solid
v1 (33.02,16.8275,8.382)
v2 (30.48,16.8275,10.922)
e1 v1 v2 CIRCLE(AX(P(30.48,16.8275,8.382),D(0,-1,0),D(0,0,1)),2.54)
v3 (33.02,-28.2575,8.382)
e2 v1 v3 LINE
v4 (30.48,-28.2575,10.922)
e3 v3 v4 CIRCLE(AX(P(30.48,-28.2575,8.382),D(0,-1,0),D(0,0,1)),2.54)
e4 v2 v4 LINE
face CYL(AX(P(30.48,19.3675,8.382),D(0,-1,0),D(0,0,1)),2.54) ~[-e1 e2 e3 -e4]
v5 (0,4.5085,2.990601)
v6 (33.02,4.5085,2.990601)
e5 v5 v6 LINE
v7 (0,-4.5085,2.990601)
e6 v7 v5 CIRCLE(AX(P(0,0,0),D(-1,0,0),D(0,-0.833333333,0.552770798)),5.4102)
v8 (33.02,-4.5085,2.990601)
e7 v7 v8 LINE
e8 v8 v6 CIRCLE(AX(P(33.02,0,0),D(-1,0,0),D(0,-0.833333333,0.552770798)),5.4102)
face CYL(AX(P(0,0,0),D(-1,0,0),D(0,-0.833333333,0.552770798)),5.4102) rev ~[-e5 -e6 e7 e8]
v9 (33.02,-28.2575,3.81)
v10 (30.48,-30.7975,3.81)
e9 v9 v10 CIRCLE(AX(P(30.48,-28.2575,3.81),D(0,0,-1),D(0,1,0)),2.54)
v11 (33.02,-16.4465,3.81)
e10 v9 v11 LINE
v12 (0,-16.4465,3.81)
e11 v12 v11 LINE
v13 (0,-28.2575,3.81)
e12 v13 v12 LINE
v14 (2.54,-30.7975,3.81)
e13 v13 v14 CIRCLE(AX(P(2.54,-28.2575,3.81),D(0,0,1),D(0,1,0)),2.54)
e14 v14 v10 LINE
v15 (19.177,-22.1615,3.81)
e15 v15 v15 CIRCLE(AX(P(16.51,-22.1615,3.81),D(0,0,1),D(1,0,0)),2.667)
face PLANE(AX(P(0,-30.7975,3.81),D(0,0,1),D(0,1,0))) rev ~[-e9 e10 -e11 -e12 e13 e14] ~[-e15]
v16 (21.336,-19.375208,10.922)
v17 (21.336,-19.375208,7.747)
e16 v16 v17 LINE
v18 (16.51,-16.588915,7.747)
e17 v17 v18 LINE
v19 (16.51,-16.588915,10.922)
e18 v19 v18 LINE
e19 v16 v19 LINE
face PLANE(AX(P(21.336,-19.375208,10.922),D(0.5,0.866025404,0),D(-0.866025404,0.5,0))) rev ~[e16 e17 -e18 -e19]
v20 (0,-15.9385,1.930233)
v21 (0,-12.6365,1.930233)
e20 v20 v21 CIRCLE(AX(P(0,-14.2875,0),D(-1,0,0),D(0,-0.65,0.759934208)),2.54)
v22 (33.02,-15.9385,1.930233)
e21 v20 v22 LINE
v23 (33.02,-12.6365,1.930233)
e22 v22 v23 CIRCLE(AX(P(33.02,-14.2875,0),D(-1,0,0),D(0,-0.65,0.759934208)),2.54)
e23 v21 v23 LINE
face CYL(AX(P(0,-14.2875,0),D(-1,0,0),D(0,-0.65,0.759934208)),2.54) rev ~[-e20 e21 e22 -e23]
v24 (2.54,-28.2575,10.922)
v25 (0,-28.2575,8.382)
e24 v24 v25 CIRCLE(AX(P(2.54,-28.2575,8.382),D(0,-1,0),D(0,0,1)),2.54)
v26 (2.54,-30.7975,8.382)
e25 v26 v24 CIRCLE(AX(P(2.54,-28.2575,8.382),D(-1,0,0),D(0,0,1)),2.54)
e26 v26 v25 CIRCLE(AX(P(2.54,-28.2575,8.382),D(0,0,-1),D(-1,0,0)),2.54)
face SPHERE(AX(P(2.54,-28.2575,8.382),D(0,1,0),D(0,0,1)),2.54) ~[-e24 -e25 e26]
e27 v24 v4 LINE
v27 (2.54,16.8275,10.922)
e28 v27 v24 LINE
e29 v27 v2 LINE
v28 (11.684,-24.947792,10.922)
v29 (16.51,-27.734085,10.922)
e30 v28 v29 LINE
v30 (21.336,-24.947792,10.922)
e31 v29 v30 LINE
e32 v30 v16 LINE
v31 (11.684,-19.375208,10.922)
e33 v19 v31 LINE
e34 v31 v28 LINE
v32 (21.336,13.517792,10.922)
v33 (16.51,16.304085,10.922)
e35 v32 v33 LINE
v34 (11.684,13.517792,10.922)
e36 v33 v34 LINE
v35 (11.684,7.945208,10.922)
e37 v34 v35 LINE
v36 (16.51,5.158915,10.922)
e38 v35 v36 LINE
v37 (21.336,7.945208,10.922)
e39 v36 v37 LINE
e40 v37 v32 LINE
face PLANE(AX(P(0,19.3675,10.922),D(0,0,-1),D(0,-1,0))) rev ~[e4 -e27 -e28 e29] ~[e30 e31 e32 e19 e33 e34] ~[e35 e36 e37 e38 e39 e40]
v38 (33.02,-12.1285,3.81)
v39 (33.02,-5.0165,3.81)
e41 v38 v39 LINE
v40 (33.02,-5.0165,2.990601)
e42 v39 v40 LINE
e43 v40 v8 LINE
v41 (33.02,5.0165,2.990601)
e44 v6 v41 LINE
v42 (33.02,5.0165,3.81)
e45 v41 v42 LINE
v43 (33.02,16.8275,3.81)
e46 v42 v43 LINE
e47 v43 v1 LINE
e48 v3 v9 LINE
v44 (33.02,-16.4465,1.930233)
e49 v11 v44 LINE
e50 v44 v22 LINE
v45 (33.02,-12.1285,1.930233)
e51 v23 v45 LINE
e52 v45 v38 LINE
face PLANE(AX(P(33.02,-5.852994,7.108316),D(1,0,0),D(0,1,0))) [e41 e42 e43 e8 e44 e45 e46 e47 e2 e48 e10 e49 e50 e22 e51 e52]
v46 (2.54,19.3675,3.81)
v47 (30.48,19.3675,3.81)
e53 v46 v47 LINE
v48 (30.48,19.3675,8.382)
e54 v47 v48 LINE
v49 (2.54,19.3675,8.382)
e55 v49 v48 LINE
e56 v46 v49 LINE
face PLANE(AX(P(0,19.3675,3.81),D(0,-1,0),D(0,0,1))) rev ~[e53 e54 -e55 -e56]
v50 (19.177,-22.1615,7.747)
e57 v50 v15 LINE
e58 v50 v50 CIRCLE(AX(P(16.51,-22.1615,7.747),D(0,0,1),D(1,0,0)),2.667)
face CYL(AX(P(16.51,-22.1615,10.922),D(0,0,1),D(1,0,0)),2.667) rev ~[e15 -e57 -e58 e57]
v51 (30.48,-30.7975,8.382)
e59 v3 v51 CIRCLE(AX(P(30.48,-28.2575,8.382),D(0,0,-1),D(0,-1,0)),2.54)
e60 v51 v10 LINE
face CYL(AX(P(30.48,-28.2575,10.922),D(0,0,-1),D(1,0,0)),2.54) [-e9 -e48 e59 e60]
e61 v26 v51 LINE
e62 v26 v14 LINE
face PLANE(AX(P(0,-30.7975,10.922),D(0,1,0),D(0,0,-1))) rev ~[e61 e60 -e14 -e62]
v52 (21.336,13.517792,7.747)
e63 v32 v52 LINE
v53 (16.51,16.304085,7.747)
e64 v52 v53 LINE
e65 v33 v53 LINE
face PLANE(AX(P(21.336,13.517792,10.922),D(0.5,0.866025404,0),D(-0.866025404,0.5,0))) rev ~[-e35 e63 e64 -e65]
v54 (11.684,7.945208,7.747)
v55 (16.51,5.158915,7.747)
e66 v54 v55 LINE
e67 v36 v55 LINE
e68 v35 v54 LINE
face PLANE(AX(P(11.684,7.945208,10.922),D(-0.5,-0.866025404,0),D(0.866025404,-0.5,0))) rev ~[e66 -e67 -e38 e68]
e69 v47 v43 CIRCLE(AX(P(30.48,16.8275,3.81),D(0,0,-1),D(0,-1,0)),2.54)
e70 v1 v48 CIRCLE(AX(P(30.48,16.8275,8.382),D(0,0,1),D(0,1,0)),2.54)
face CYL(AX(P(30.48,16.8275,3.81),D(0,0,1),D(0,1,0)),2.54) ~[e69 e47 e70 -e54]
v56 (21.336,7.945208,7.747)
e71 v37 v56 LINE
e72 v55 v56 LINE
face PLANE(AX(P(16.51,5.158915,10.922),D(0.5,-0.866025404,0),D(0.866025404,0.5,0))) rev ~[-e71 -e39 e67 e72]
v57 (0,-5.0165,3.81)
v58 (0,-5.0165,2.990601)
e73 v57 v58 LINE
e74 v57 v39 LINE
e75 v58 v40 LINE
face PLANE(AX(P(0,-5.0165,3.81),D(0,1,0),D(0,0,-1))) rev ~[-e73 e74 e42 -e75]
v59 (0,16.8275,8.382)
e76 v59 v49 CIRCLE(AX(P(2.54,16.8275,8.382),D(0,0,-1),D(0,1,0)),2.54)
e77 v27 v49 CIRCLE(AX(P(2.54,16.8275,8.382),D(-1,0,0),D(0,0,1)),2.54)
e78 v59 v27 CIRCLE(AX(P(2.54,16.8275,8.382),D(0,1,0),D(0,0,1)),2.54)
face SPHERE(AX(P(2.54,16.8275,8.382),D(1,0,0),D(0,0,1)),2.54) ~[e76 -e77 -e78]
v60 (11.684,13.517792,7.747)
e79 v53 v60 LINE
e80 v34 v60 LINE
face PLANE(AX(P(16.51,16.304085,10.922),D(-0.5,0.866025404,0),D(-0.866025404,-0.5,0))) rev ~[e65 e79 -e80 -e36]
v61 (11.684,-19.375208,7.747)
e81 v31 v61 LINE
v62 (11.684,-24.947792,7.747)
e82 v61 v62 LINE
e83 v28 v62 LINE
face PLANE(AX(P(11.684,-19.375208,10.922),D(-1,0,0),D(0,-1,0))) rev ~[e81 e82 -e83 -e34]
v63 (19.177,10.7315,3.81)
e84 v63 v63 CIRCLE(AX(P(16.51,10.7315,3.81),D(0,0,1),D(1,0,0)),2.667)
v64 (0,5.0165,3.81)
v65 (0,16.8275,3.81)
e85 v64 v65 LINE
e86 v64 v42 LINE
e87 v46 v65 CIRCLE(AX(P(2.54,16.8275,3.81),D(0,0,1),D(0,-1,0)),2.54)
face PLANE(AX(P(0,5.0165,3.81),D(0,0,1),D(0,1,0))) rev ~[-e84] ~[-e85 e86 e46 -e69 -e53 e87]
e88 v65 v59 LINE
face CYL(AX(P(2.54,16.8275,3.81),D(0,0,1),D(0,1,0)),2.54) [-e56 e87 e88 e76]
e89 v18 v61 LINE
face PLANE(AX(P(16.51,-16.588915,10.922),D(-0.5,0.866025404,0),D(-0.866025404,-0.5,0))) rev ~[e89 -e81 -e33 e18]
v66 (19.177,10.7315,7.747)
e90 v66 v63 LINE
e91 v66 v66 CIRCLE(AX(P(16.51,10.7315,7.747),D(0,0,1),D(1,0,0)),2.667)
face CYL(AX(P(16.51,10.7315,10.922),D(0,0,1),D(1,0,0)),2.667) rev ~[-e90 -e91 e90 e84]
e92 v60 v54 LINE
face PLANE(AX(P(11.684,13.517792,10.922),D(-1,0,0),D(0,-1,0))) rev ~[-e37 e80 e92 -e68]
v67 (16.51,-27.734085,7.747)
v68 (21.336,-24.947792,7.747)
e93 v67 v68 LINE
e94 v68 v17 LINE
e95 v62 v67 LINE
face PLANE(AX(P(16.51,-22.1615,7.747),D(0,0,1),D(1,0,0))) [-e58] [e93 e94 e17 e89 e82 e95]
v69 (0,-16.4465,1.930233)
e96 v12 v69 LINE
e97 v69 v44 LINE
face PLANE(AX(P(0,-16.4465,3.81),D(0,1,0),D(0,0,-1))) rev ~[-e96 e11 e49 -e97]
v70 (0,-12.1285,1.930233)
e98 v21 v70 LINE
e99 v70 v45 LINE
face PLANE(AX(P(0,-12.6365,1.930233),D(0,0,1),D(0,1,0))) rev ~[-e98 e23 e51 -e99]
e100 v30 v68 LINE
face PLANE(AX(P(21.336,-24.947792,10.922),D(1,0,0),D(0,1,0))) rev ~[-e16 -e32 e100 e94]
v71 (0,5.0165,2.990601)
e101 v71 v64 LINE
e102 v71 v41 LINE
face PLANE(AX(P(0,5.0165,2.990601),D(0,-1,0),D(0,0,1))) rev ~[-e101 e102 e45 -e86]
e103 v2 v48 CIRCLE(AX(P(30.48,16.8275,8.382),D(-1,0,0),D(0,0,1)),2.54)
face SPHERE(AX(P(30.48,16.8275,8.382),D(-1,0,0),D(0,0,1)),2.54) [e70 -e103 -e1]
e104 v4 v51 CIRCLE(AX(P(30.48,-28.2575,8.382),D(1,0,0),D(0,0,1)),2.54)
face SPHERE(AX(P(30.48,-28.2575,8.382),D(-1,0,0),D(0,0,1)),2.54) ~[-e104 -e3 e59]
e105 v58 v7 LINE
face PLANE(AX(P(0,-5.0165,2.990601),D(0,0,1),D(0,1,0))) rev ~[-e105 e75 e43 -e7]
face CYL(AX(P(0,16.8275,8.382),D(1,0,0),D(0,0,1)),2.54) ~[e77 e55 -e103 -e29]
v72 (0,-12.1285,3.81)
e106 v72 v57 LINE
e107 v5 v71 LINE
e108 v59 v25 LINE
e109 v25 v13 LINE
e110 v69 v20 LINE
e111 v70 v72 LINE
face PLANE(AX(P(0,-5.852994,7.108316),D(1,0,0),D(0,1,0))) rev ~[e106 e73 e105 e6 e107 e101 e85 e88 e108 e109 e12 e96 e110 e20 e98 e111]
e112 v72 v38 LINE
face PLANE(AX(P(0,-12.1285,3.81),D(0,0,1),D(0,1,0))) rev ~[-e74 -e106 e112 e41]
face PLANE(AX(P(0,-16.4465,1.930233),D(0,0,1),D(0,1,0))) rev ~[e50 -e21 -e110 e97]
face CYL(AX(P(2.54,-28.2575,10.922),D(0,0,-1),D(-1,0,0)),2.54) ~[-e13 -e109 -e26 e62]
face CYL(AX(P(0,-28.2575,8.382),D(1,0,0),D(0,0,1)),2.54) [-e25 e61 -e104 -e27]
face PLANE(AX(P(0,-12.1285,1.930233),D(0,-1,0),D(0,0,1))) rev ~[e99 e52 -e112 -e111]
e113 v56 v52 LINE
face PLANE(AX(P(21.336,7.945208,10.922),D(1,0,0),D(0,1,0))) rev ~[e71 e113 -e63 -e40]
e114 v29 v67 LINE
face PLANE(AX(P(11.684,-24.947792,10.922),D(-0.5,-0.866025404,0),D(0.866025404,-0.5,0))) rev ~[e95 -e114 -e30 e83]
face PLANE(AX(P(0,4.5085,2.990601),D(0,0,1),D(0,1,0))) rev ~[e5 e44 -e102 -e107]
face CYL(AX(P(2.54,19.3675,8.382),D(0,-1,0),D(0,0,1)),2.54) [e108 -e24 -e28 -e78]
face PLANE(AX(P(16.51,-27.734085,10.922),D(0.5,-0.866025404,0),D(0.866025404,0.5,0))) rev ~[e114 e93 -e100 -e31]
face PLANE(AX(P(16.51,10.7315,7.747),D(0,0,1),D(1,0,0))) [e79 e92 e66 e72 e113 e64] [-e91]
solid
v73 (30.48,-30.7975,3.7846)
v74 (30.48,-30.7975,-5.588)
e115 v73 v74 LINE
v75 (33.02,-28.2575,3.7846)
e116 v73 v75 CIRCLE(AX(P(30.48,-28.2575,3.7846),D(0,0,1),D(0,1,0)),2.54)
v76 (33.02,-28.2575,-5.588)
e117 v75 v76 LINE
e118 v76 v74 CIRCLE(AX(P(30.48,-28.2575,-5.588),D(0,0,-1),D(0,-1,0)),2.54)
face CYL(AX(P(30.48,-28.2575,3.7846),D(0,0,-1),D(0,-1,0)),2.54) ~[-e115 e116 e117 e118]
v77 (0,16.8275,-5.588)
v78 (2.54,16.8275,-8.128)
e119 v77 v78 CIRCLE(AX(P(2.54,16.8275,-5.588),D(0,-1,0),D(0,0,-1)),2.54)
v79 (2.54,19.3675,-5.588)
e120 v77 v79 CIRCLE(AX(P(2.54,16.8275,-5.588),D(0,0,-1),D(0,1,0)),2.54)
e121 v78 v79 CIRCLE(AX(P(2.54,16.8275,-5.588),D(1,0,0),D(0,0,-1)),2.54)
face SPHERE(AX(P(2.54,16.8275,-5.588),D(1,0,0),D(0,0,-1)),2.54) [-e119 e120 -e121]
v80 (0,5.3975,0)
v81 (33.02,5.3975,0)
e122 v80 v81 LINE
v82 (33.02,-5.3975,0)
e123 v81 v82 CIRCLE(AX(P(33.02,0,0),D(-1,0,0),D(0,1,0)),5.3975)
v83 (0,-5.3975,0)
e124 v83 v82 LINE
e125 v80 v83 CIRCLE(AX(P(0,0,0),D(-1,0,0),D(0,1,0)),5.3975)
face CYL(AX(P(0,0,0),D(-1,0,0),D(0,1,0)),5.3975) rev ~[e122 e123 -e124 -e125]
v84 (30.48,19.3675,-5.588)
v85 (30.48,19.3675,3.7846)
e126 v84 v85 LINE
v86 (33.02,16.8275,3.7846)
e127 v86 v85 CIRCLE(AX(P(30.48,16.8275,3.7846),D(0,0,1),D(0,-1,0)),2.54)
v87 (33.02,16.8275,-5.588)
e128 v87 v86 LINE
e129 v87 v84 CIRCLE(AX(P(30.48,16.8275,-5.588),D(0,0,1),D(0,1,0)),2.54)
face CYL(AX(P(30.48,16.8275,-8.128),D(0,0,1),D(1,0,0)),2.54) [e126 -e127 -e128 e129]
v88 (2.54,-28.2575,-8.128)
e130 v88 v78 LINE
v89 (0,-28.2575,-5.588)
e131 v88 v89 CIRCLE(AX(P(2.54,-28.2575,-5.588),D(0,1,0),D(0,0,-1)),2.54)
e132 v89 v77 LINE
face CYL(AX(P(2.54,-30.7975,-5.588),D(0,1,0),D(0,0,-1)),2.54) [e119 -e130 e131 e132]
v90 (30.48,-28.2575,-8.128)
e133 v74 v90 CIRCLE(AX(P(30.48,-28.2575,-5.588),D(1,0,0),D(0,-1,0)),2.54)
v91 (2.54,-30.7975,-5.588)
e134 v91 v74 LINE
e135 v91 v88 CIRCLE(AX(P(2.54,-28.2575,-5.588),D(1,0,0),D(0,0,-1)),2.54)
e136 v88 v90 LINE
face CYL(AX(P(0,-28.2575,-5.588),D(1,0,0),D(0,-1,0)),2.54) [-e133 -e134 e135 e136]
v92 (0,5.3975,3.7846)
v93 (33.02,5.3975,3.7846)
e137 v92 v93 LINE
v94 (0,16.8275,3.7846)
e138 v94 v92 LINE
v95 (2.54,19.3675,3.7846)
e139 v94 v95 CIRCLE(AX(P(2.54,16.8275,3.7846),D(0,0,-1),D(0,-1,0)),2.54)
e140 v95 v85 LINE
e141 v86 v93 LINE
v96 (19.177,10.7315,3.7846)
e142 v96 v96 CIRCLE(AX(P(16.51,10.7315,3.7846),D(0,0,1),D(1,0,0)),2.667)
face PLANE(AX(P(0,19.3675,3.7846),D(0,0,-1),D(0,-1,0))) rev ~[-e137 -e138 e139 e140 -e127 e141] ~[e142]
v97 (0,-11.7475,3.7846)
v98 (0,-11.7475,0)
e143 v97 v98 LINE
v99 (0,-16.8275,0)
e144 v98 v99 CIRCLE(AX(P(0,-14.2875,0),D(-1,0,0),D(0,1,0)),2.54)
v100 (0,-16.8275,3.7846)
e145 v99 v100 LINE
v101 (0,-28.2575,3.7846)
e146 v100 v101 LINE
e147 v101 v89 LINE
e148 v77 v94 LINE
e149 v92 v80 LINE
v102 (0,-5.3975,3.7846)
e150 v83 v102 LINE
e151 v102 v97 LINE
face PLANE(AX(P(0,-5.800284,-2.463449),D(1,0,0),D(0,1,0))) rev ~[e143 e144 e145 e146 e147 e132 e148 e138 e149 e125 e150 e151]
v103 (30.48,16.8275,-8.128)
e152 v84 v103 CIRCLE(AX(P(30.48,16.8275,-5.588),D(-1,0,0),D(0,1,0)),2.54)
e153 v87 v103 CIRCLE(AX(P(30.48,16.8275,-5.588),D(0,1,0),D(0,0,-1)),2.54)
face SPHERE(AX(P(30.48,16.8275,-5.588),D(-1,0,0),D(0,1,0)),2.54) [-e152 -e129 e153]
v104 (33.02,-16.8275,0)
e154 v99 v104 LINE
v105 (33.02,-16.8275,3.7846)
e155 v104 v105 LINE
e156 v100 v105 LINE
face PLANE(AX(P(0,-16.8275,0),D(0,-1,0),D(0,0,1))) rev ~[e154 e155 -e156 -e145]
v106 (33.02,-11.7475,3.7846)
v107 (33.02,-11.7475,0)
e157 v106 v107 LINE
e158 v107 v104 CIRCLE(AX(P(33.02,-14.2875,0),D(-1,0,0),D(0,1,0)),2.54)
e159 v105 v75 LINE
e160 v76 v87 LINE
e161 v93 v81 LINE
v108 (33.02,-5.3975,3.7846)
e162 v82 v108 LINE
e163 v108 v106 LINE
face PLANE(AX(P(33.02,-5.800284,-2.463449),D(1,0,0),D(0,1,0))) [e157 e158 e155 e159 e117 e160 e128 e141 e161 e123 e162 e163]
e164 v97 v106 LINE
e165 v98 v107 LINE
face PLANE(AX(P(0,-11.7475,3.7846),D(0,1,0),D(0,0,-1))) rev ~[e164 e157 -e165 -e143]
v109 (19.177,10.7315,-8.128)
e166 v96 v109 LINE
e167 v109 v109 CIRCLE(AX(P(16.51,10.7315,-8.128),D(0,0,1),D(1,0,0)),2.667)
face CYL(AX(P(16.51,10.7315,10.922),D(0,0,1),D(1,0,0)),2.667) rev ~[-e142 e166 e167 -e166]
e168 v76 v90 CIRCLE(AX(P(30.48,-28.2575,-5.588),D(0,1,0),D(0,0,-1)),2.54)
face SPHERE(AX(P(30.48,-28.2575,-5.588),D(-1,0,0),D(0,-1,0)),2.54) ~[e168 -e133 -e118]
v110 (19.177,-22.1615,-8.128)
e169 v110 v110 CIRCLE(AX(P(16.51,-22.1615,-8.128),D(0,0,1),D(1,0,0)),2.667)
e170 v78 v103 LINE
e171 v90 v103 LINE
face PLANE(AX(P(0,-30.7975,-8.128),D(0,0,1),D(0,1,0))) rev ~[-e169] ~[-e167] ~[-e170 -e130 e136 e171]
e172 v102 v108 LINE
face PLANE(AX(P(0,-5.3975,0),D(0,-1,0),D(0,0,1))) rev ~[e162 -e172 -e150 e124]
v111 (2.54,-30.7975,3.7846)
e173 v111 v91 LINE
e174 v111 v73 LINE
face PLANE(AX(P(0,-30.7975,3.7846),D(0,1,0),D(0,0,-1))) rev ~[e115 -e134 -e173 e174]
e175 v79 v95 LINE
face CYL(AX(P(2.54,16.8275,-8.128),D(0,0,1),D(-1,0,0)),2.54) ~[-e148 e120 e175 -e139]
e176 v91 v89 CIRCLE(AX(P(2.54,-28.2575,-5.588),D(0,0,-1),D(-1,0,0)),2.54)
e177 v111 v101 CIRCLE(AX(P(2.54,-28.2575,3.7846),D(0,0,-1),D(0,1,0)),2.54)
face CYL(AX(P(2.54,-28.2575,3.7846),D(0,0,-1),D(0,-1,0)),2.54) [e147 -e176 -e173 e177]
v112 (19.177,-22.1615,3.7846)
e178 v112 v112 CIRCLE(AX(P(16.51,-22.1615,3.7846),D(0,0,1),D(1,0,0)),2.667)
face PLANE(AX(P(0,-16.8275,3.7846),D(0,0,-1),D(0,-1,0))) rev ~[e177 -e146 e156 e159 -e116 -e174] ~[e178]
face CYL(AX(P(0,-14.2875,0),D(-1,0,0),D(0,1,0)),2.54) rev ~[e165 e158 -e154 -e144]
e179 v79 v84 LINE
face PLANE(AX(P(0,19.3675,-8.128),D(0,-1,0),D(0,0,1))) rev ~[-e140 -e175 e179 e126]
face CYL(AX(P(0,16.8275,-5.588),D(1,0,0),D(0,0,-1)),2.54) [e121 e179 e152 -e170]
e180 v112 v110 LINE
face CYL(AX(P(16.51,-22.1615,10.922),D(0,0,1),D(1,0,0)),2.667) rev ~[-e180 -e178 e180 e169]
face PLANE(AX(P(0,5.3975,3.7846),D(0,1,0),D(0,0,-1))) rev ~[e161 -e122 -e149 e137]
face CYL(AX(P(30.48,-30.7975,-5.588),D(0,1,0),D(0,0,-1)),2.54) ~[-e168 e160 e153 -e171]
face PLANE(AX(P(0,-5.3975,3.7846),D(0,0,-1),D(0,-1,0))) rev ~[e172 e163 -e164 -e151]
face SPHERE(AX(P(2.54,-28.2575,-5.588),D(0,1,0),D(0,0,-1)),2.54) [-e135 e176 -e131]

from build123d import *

# Parameters (mm, degrees)
F1_DEPTH = 33.02
F2_R     = 2.667
F3_DEPTH = 25.4
F5_DEPTH = 3.175
F6_R     = 2.54
F6_2_R   = 2.54


with BuildPart() as f1:
    # F0 (on Right) → F1 (new body)
    with BuildSketch(Plane.YZ):
        with BuildLine():
            Line((19.3675, 10.922), (0, 10.922))
            Line((0, 10.922), (-30.7975, 10.922))
            Line((-30.7975, 10.922), (-30.7975, 3.81))
            Line((-30.7975, 3.81), (-16.4465, 3.81))
            Line((-16.4465, 3.81), (-16.4465, 1.9302328875))
            Line((-16.4465, 1.9302328875), (-15.9385, 1.9302328875))
            ThreePointArc((-15.9385, 1.9302328875), (-14.2875, 2.54), (-12.6365, 1.9302328875))
            Line((-12.6365, 1.9302328875), (-12.1285, 1.9302328875))
            Line((-12.1285, 1.9302328875), (-12.1285, 3.81))
            Line((-12.1285, 3.81), (-5.0165, 3.81))
            Line((-5.0165, 3.81), (-5.0165, 2.9906005735))
            Line((-5.0165, 2.9906005735), (-4.5085, 2.9906005735))
            ThreePointArc((-4.5085, 2.9906005735), (0, 5.4102), (4.5085, 2.9906005735))
            Line((4.5085, 2.9906005735), (5.0165, 2.9906005735))
            Line((5.0165, 2.9906005735), (5.0165, 3.81))
            Line((5.0165, 3.81), (19.3675, 3.81))
            Line((19.3675, 3.81), (19.3675, 10.922))
        make_face()
    extrude(amount=F1_DEPTH)


with BuildPart() as f1b:
    # F0 (on Right) → F1, piece 2 (new body)
    with BuildSketch(Plane.YZ):
        with BuildLine():
            Line((-30.7975, 3.7846), (-30.7975, -8.128))
            Line((-30.7975, -8.128), (0, -8.128))
            Line((0, -8.128), (19.3675, -8.128))
            Line((19.3675, -8.128), (19.3675, 3.7846))
            Line((19.3675, 3.7846), (5.3975, 3.7846))
            Line((5.3975, 3.7846), (5.3975, 0))
            ThreePointArc((5.3975, 0), (0, -5.3975), (-5.3975, 0))
            Line((-5.3975, 0), (-5.3975, 3.7846))
            Line((-5.3975, 3.7846), (-11.7475, 3.7846))
            Line((-11.7475, 3.7846), (-11.7475, 0))
            ThreePointArc((-11.7475, 0), (-14.2875, -2.54), (-16.8275, 0))
            Line((-16.8275, 0), (-16.8275, 3.7846))
            Line((-16.8275, 3.7846), (-30.7975, 3.7846))
        make_face()
    extrude(amount=F1_DEPTH)


with BuildPart() as f3_tool:
    # F2 (on face) → F3 (new body)
    with BuildSketch(Plane.XY.offset(10.922)):
        with Locations((16.51, -22.1615)):
            Circle(F2_R)
        with Locations((16.51, 10.7315)):
            Circle(F2_R)
    extrude(amount=-F3_DEPTH)


with BuildPart() as f1_1:
    add(f1.part)

    # F3: cut by f3_tool
    add(f3_tool.part, mode=Mode.SUBTRACT)

    # F4 (on face) → F5 (cut)
    with BuildSketch(Plane.XY.offset(10.922)):
        Polygon((21.336, -24.9477923991), (21.336, -19.3752076009), (16.51, -16.5889152018), (11.684, -19.3752076009), (11.684, -24.9477923991), (16.51, -27.7340847982), align=None)
        Polygon((21.336, 13.5177923991), (16.51, 16.3040847982), (11.684, 13.5177923991), (11.684, 7.9452076009), (16.51, 5.1589152018), (21.336, 7.9452076009), align=None)
    extrude(amount=-F5_DEPTH, mode=Mode.SUBTRACT)

    # F6#2
    f6_2_edges = [f1_1.edges().sort_by_distance(p)[0] for p in [
        (16.51, 19.3675, 10.922),
        (0, -5.715, 10.922),
        (16.51, -30.7975, 10.922),
        (33.02, -5.715, 10.922),
        (33.02, 19.3675, 7.366),
        (0, 19.3675, 7.366),
        (0, -30.7975, 7.366),
        (33.02, -30.7975, 7.366),
    ]]
    fillet(f6_2_edges, radius=F6_2_R)


with BuildPart() as f1b_1:
    add(f1b.part)

    # F3: cut by f3_tool
    add(f3_tool.part, mode=Mode.SUBTRACT)

    # F6
    f6_edges = [f1b_1.edges().sort_by_distance(p)[0] for p in [
        (16.51, 19.3675, -8.128),
        (0, -5.715, -8.128),
        (16.51, -30.7975, -8.128),
        (33.02, -30.7975, -2.1717),
        (0, -30.7975, -2.1717),
        (33.02, 19.3675, -2.1717),
        (0, 19.3675, -2.1717),
        (33.02, -5.715, -8.128),
    ]]
    fillet(f6_edges, radius=F6_R)


solid = Compound([f1_1.part, f1b_1.part])
